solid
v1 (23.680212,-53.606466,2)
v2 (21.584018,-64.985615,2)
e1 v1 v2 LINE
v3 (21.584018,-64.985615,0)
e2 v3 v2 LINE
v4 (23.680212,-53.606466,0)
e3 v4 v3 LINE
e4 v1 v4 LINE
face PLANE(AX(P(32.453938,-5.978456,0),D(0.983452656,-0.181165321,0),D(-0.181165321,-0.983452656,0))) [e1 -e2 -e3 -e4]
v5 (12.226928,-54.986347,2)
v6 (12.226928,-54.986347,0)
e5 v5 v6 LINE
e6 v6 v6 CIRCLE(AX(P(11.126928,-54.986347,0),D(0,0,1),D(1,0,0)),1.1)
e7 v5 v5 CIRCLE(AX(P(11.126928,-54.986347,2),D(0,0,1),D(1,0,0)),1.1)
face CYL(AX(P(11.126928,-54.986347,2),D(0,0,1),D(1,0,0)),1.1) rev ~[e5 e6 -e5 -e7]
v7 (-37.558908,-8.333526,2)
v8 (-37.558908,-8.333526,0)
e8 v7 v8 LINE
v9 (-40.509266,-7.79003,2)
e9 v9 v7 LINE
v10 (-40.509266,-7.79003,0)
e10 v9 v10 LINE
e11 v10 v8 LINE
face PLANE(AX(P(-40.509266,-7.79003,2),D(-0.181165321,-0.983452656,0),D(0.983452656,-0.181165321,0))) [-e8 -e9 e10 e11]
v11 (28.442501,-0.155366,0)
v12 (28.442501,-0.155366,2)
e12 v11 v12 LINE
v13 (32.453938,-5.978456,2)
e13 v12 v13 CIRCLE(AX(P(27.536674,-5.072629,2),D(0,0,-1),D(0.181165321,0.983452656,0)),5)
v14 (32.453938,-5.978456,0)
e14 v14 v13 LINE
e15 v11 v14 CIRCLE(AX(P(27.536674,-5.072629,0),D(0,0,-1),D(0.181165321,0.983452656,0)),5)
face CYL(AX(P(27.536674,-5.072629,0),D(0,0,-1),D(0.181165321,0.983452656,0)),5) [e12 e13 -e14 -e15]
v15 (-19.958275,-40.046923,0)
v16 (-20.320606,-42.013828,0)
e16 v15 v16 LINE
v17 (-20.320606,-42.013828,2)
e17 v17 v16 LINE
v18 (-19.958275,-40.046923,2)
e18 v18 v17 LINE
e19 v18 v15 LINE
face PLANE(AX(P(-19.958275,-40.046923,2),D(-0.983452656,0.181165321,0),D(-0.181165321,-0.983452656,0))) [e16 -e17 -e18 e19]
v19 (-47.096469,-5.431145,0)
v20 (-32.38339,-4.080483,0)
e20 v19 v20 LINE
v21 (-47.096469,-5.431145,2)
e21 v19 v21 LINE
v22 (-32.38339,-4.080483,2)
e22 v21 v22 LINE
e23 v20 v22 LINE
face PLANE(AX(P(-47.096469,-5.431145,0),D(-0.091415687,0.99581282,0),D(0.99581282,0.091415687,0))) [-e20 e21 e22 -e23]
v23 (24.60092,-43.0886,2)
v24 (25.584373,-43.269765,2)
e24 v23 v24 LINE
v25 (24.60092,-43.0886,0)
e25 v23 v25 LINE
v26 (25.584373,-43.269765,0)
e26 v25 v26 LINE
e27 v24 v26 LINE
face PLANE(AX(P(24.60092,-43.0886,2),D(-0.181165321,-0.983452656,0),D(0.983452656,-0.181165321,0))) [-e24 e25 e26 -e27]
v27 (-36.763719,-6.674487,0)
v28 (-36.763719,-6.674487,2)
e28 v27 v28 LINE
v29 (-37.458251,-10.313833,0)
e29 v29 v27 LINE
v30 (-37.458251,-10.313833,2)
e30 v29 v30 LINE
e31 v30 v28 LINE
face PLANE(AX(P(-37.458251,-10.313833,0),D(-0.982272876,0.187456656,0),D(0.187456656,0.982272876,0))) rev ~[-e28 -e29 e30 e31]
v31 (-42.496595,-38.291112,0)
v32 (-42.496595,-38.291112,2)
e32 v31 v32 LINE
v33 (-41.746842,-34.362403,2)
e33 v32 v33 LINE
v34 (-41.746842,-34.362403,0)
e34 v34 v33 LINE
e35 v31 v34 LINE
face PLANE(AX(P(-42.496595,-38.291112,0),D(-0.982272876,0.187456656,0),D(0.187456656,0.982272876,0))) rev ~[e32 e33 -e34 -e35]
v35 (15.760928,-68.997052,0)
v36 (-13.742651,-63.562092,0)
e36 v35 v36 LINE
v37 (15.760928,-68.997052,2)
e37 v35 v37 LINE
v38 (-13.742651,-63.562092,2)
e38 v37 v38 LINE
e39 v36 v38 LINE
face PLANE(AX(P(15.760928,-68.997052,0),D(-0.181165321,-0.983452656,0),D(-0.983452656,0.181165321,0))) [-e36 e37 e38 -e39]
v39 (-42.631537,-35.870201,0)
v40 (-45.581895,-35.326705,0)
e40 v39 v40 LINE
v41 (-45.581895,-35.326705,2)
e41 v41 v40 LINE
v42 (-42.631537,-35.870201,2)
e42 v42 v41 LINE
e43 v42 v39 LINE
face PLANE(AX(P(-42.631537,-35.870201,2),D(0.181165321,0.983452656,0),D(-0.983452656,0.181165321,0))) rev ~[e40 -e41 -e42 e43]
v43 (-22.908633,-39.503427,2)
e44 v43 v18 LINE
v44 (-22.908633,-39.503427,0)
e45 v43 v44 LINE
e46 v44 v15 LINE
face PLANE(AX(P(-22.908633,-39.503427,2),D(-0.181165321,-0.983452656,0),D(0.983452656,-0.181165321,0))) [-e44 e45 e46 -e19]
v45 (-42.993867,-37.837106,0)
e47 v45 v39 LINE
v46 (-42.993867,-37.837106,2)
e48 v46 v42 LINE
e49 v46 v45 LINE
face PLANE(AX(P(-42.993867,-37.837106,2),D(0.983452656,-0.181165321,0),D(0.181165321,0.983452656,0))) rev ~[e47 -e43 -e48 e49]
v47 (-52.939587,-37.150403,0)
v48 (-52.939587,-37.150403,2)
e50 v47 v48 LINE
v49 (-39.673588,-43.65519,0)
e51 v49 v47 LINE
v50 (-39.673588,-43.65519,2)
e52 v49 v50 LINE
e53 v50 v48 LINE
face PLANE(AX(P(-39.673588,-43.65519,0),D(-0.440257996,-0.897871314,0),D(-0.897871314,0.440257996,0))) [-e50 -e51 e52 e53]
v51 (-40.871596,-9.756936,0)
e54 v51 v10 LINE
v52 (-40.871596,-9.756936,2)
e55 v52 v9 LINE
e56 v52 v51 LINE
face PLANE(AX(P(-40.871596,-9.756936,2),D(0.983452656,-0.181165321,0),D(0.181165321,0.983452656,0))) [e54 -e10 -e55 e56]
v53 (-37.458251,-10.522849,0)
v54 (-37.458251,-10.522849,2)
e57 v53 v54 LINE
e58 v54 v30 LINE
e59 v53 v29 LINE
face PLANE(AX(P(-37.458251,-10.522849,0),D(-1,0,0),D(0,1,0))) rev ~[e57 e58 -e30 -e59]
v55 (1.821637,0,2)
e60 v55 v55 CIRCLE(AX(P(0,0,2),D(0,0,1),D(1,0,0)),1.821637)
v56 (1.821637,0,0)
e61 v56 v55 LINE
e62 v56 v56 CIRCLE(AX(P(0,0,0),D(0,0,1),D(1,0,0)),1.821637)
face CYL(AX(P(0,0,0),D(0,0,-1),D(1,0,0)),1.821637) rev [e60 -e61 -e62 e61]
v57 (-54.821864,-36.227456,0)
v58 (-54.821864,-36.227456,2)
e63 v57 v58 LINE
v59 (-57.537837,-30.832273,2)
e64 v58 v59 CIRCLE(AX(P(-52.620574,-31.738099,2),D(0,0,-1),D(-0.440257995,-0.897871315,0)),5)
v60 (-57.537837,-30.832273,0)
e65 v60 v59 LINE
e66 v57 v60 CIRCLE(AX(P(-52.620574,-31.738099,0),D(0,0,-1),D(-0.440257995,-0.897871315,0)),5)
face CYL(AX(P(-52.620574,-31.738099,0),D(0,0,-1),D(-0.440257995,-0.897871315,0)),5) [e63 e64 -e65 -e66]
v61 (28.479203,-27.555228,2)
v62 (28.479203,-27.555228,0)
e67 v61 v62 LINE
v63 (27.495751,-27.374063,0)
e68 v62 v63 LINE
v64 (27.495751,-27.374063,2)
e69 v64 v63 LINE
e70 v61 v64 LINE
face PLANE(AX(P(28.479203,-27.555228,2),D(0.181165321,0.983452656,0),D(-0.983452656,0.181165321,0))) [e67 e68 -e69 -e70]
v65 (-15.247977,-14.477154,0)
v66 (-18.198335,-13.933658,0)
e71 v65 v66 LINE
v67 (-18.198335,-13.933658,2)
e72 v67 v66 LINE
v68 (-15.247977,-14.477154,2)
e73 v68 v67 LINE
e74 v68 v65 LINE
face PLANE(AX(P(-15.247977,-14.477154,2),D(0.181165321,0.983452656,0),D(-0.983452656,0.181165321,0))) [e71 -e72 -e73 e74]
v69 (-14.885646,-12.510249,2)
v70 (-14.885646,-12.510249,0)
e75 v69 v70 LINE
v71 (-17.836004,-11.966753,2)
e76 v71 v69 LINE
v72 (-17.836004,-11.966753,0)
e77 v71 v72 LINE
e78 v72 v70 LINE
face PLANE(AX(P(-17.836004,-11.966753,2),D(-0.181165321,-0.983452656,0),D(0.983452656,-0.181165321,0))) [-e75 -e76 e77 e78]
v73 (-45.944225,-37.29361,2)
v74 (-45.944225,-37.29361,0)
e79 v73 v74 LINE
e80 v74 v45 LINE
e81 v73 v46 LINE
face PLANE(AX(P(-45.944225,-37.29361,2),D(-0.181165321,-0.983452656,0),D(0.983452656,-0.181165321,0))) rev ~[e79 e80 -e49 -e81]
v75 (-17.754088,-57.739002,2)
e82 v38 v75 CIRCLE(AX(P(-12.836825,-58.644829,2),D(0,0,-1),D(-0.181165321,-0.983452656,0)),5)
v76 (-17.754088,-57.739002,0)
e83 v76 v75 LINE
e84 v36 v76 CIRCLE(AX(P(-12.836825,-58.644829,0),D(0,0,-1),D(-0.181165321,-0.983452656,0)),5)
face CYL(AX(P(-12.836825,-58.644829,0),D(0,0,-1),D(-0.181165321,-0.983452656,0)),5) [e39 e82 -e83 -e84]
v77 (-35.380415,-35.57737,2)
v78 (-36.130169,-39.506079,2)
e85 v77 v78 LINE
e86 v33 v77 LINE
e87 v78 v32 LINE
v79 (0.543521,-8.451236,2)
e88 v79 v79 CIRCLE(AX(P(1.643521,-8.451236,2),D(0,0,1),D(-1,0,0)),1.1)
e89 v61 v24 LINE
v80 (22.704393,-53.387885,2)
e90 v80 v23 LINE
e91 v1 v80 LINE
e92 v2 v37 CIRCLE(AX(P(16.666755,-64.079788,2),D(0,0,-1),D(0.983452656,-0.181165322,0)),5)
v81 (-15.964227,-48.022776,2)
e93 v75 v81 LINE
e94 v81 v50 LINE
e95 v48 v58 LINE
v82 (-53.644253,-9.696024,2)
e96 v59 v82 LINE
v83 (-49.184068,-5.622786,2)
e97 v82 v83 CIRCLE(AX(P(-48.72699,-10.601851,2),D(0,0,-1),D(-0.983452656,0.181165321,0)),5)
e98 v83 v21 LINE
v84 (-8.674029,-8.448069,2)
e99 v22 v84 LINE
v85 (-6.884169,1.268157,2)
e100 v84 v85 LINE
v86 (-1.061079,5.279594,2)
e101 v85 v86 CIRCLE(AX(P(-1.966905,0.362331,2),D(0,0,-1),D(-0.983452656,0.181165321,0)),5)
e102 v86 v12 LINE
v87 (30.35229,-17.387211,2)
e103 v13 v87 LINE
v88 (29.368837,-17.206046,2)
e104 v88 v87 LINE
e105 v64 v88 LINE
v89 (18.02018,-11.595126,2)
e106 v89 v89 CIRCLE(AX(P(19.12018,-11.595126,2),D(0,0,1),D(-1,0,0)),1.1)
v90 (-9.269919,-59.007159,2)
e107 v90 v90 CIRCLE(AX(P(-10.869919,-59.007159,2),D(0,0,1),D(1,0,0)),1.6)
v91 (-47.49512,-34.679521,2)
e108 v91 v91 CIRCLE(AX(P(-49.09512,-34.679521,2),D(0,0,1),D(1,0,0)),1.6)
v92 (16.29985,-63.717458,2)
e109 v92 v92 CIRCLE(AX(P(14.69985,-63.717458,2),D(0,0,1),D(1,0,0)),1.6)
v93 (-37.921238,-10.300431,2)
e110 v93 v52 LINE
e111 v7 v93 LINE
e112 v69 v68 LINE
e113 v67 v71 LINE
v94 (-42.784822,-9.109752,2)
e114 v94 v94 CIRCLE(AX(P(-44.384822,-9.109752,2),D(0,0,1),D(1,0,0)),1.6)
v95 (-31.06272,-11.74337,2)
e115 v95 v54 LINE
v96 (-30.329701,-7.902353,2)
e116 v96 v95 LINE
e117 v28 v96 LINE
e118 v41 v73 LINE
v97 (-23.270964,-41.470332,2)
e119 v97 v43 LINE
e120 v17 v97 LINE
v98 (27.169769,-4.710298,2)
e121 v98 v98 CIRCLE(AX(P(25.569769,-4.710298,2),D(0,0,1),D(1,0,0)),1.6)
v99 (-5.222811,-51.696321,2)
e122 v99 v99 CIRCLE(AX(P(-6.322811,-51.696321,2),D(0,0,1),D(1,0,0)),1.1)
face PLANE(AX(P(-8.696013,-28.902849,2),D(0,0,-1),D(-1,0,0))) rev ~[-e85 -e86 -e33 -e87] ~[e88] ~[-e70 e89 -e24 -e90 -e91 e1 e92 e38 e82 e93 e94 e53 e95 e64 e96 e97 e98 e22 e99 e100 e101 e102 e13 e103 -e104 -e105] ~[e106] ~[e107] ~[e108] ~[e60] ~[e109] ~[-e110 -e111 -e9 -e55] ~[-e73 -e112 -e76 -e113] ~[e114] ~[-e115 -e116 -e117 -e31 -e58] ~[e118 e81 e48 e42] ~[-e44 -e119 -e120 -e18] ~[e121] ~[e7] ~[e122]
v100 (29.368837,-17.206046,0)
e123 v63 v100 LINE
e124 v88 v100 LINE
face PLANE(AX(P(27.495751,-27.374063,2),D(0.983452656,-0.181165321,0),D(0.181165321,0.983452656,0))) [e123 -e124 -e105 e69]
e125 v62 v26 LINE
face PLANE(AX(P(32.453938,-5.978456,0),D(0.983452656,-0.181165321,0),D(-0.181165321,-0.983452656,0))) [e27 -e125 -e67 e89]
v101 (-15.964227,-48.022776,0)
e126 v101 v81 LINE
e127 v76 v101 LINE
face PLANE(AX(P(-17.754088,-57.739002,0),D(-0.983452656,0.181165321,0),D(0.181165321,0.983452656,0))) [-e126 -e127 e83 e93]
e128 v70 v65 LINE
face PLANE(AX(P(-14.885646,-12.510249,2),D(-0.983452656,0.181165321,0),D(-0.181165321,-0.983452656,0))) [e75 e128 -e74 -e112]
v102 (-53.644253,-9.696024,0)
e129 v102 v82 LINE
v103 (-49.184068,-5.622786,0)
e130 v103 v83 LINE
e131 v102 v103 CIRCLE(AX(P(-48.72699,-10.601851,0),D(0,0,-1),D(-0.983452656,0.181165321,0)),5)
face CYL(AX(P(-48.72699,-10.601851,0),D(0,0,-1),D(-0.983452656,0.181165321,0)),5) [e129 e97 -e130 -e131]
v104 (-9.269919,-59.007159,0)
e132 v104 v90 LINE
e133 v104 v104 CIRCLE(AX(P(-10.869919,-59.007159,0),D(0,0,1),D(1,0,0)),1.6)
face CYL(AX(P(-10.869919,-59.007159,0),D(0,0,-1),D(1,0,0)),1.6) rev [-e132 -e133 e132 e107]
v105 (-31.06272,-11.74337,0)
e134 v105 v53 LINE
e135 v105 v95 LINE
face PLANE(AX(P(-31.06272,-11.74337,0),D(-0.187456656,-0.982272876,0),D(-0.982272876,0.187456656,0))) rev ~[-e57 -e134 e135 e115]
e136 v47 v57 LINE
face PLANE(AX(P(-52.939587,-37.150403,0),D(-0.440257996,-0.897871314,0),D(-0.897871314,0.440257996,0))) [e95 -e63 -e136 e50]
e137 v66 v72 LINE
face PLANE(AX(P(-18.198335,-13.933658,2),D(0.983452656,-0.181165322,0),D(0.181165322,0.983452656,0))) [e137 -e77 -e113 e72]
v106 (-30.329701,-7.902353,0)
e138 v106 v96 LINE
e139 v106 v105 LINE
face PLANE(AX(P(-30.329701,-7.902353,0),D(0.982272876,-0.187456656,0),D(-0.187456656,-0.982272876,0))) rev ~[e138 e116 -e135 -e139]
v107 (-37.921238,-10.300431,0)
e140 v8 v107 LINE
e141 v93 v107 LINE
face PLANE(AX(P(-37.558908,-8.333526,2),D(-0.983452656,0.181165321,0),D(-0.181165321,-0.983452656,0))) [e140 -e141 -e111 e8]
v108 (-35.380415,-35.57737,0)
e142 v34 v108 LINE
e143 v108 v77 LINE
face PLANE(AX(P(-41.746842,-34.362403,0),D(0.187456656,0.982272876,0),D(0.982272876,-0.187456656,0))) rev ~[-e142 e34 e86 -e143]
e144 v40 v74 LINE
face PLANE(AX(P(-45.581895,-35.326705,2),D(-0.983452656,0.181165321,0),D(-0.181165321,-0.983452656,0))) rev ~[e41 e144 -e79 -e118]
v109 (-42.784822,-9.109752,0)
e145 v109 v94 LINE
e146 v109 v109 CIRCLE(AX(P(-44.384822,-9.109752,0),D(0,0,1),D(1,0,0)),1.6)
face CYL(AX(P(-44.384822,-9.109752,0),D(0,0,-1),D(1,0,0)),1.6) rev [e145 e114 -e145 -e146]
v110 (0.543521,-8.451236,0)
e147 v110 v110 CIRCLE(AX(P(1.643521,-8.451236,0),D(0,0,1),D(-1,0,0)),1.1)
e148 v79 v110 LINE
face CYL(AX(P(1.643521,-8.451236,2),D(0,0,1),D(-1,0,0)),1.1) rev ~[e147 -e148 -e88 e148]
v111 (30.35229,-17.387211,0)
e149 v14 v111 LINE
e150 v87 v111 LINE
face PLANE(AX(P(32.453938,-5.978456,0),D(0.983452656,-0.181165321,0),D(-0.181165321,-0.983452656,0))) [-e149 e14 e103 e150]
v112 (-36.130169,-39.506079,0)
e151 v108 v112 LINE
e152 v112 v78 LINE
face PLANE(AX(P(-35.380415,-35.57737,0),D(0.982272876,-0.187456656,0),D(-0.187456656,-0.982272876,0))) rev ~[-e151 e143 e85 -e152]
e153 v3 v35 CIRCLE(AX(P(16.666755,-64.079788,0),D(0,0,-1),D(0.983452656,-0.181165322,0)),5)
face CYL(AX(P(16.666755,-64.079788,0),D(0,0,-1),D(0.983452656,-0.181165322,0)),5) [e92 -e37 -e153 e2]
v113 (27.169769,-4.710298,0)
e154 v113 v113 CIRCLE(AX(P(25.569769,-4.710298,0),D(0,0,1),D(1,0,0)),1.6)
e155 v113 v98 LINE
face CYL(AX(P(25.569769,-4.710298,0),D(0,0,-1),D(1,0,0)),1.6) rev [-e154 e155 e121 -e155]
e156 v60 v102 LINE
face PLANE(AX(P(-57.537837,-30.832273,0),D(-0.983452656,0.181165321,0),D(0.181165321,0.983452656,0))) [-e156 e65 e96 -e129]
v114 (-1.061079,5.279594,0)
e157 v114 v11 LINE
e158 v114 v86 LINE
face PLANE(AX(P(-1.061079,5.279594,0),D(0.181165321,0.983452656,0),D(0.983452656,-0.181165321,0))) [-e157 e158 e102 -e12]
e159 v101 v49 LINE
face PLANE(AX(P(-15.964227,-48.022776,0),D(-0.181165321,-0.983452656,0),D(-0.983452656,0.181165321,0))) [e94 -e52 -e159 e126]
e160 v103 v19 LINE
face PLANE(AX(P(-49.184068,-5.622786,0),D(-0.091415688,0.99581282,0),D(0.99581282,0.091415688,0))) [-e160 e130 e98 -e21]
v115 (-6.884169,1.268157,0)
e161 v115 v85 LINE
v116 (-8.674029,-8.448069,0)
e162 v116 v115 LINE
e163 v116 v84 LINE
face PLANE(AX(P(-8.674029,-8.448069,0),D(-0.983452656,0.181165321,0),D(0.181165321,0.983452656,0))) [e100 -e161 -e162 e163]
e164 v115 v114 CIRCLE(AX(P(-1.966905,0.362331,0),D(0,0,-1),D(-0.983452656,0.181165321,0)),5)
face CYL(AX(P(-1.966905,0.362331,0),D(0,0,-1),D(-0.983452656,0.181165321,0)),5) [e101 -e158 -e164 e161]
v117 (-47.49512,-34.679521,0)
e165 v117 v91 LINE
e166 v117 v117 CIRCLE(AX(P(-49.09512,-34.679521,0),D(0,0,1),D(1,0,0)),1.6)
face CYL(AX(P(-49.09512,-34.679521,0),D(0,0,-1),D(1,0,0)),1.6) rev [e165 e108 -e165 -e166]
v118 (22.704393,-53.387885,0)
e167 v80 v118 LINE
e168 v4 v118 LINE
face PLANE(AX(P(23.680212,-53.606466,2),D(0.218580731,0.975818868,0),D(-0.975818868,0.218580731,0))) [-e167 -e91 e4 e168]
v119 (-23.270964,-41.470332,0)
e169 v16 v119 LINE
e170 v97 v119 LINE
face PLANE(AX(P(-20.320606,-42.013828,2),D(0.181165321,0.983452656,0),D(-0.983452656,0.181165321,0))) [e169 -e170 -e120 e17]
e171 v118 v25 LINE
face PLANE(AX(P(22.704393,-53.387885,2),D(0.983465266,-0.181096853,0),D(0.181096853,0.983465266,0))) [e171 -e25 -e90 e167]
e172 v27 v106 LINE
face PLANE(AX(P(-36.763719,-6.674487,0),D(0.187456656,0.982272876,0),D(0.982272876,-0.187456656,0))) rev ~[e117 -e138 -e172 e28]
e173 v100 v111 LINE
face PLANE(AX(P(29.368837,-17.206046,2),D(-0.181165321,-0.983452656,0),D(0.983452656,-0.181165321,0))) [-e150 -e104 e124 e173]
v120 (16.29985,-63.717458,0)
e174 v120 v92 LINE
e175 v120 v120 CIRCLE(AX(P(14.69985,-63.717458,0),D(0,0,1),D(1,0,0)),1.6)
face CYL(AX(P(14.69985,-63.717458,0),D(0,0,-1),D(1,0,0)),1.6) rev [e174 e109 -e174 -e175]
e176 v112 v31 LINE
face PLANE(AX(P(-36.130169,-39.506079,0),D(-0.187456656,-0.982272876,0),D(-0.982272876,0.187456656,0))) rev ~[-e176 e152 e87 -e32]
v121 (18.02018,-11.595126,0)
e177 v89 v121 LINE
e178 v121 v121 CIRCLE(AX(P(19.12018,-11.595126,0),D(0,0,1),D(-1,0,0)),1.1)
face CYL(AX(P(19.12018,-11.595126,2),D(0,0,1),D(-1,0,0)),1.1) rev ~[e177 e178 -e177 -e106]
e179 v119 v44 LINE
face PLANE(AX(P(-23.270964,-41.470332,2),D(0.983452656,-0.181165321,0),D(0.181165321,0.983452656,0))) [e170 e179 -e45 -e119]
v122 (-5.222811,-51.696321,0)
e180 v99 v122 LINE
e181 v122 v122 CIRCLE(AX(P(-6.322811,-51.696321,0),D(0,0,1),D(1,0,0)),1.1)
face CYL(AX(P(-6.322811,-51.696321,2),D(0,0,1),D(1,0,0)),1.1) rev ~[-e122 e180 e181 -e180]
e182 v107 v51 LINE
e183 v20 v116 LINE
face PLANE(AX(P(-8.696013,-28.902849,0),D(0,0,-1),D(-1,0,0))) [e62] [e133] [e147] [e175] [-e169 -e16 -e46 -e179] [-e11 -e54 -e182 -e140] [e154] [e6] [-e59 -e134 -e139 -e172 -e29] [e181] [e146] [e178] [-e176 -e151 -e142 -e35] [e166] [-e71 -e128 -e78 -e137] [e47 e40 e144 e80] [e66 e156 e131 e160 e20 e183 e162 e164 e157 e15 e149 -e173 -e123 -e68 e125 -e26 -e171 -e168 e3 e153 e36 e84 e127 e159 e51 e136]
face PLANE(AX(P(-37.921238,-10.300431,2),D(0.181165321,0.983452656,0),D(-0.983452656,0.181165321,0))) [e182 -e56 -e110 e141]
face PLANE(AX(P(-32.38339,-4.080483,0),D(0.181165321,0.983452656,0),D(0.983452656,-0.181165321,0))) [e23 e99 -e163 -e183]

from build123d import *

# Parameters (mm, degrees)
SKETCH1_R           = 1.6
SKETCH1_R_2         = 1.821636576
BOSS_EXTRUDE1_DEPTH = 2
CUT_EXTRUDE1_DEPTH  = 2
CUT_EXTRUDE2_REACH  = 91.979
SKETCH3_R           = 1.1


with BuildPart() as part:
    # Sketch1 → Boss-Extrude1 (new body)
    with BuildSketch(Plane.XY):
        with BuildLine():
            Line((-1.061078705, 5.279593922), (28.442500971, -0.155365716))
            ThreePointArc((28.442500971, -0.155365716), (31.654220711, -2.236114921), (32.453937644, -5.978455602))
            Line((32.453937644, -5.978455602), (21.584018369, -64.985614955))
            ThreePointArc((21.584018369, -64.985614955), (19.503269163, -68.197334694), (15.760928483, -68.997051628))
            Line((15.760928483, -68.997051628), (-13.742651194, -63.56209199))
            ThreePointArc((-13.742651194, -63.56209199), (-16.954370933, -61.481342785), (-17.754087867, -57.739002104))
            Line((-17.754087867, -57.739002104), (-15.96422722, -48.022776093))
            Line((-15.96422722, -48.022776093), (-39.673587654, -43.655190247))
            Line((-39.673587654, -43.655190247), (-52.939586595, -37.150402745))
            Line((-52.939586595, -37.150402745), (-54.821863672, -36.227455859))
            ThreePointArc((-54.821863672, -36.227455859), (-57.086606666, -33.986331814), (-57.537836973, -30.832272681))
            Line((-57.537836973, -30.832272681), (-53.644253203, -9.696023904))
            ThreePointArc((-53.644253203, -9.696023904), (-52.098740676, -6.909791889), (-49.184068361, -5.622786411))
            Line((-49.184068361, -5.622786411), (-47.096468931, -5.431144635))
            Line((-47.096468931, -5.431144635), (-32.383389672, -4.080482917))
            Line((-32.383389672, -4.080482917), (-8.674029238, -8.448068762))
            Line((-8.674029238, -8.448068762), (-6.884168591, 1.268157249))
            ThreePointArc((-6.884168591, 1.268157249), (-4.803419386, 4.479876988), (-1.061078705, 5.279593922))
        make_face()
        with Locations((-44.384822009, -9.109751657)):
            Circle(SKETCH1_R, mode=Mode.SUBTRACT)
        with Locations((-49.095120362, -34.67952071)):
            Circle(SKETCH1_R, mode=Mode.SUBTRACT)
        with Locations((-10.869919276, -59.007159353)):
            Circle(SKETCH1_R, mode=Mode.SUBTRACT)
        with Locations((14.699849777, -63.717457706)):
            Circle(SKETCH1_R, mode=Mode.SUBTRACT)
        Circle(SKETCH1_R_2, mode=Mode.SUBTRACT)
        with Locations((25.569769053, -4.710298353)):
            Circle(SKETCH1_R, mode=Mode.SUBTRACT)
        Polygon((-42.496595483, -38.291112185), (-41.746841807, -34.362402924), (-35.380415499, -35.577369777), (-36.130169175, -39.506079038), align=None, mode=Mode.SUBTRACT)
        Polygon((-37.458250782, -10.313833259), (-36.76371904, -6.674486931), (-30.329701085, -7.902352953), (-31.062719564, -11.743369783), (-37.458250782, -10.522848558), align=None, mode=Mode.SUBTRACT)
    extrude(amount=BOSS_EXTRUDE1_DEPTH)

    # Sketch2 → Cut-Extrude1 (cut)
    with BuildSketch(Plane.XY.offset(2)):
        Polygon((-42.631536652, -35.870200518), (-45.58189462, -35.326704554), (-45.944225262, -37.293609866), (-42.993867295, -37.83710583), align=None)
        Polygon((-40.509265624, -7.790030189), (-37.558907657, -8.333526153), (-37.921238299, -10.300431465), (-40.871596267, -9.756935501), align=None)
        Polygon((-22.908632922, -39.503426957), (-19.958274954, -40.04692292), (-20.320605596, -42.013828232), (-23.270963564, -41.470332268), align=None)
        Polygon((-17.836003926, -11.966752592), (-14.885645959, -12.510248555), (-15.247976601, -14.477153867), (-18.198334569, -13.933657903), align=None)
    extrude(amount=-CUT_EXTRUDE1_DEPTH, mode=Mode.SUBTRACT)

    # Sketch3 → Cut-Extrude2 (cut, up to next)
    with BuildSketch(Plane.XY.offset(2), mode=Mode.PRIVATE) as cut_extrude2_sk1:
        with Locations((-6.322810567, -51.696321435)):
            Circle(SKETCH3_R)
    cut_extrude2_tool1 = extrude(cut_extrude2_sk1.sketch, amount=-CUT_EXTRUDE2_REACH, mode=Mode.PRIVATE) & part.part
    # Sketch3 → Cut-Extrude2 (cut, up to next)
    with BuildSketch(Plane.XY.offset(2), mode=Mode.PRIVATE) as cut_extrude2_sk2:
        with Locations((11.126928282, -54.98634737)):
            Circle(SKETCH3_R)
    cut_extrude2_tool2 = extrude(cut_extrude2_sk2.sketch, amount=-CUT_EXTRUDE2_REACH, mode=Mode.PRIVATE) & part.part
    # Sketch3 → Cut-Extrude2 (cut, up to next)
    with BuildSketch(Plane.XY.offset(2), mode=Mode.PRIVATE) as cut_extrude2_sk3:
        with Locations(Location((19.120179881, -11.595126253, 0), (0, 0, 180))):
            Circle(SKETCH3_R)
    cut_extrude2_tool3 = extrude(cut_extrude2_sk3.sketch, amount=-CUT_EXTRUDE2_REACH, mode=Mode.PRIVATE) & part.part
    # Sketch3 → Cut-Extrude2 (cut, up to next)
    with BuildSketch(Plane.XY.offset(2), mode=Mode.PRIVATE) as cut_extrude2_sk4:
        with Locations(Location((1.64352088, -8.451235874, 0), (0, 0, 180))):
            Circle(SKETCH3_R)
    cut_extrude2_tool4 = extrude(cut_extrude2_sk4.sketch, amount=-CUT_EXTRUDE2_REACH, mode=Mode.PRIVATE) & part.part
    # Sketch3 → Cut-Extrude2 (cut, up to next)
    with BuildSketch(Plane.XY.offset(2), mode=Mode.PRIVATE) as cut_extrude2_sk5:
        Polygon((22.704393125, -53.387885203), (24.600919852, -43.088599847), (25.584372508, -43.269765168), (23.680211994, -53.606465934), align=None)
    cut_extrude2_tool5 = extrude(cut_extrude2_sk5.sketch, amount=-CUT_EXTRUDE2_REACH, mode=Mode.PRIVATE) & part.part
    # Sketch3 → Cut-Extrude2 (cut, up to next)
    with BuildSketch(Plane.XY.offset(2), mode=Mode.PRIVATE) as cut_extrude2_sk6:
        Polygon((28.479203416, -27.555228163), (27.49575076, -27.374062842), (29.36883744, -17.206045825), (30.352290096, -17.387211146), align=None)
    cut_extrude2_tool6 = extrude(cut_extrude2_sk6.sketch, amount=-CUT_EXTRUDE2_REACH, mode=Mode.PRIVATE) & part.part
    add(cut_extrude2_tool1.solids().sort_by_distance((-6.322811, -51.696321, 2))[0], mode=Mode.SUBTRACT)
    add(cut_extrude2_tool2.solids().sort_by_distance((11.126928, -54.986347, 2))[0], mode=Mode.SUBTRACT)
    add(cut_extrude2_tool3.solids().sort_by_distance((19.12018, -11.595126, 2))[0], mode=Mode.SUBTRACT)
    add(cut_extrude2_tool4.solids().sort_by_distance((1.643521, -8.451236, 2))[0], mode=Mode.SUBTRACT)
    add(cut_extrude2_tool5.solids().sort_by_distance((24.142887, -48.337611, 2))[0], mode=Mode.SUBTRACT)
    add(cut_extrude2_tool6.solids().sort_by_distance((28.92402, -22.380637, 2))[0], mode=Mode.SUBTRACT)


solid = part.part
